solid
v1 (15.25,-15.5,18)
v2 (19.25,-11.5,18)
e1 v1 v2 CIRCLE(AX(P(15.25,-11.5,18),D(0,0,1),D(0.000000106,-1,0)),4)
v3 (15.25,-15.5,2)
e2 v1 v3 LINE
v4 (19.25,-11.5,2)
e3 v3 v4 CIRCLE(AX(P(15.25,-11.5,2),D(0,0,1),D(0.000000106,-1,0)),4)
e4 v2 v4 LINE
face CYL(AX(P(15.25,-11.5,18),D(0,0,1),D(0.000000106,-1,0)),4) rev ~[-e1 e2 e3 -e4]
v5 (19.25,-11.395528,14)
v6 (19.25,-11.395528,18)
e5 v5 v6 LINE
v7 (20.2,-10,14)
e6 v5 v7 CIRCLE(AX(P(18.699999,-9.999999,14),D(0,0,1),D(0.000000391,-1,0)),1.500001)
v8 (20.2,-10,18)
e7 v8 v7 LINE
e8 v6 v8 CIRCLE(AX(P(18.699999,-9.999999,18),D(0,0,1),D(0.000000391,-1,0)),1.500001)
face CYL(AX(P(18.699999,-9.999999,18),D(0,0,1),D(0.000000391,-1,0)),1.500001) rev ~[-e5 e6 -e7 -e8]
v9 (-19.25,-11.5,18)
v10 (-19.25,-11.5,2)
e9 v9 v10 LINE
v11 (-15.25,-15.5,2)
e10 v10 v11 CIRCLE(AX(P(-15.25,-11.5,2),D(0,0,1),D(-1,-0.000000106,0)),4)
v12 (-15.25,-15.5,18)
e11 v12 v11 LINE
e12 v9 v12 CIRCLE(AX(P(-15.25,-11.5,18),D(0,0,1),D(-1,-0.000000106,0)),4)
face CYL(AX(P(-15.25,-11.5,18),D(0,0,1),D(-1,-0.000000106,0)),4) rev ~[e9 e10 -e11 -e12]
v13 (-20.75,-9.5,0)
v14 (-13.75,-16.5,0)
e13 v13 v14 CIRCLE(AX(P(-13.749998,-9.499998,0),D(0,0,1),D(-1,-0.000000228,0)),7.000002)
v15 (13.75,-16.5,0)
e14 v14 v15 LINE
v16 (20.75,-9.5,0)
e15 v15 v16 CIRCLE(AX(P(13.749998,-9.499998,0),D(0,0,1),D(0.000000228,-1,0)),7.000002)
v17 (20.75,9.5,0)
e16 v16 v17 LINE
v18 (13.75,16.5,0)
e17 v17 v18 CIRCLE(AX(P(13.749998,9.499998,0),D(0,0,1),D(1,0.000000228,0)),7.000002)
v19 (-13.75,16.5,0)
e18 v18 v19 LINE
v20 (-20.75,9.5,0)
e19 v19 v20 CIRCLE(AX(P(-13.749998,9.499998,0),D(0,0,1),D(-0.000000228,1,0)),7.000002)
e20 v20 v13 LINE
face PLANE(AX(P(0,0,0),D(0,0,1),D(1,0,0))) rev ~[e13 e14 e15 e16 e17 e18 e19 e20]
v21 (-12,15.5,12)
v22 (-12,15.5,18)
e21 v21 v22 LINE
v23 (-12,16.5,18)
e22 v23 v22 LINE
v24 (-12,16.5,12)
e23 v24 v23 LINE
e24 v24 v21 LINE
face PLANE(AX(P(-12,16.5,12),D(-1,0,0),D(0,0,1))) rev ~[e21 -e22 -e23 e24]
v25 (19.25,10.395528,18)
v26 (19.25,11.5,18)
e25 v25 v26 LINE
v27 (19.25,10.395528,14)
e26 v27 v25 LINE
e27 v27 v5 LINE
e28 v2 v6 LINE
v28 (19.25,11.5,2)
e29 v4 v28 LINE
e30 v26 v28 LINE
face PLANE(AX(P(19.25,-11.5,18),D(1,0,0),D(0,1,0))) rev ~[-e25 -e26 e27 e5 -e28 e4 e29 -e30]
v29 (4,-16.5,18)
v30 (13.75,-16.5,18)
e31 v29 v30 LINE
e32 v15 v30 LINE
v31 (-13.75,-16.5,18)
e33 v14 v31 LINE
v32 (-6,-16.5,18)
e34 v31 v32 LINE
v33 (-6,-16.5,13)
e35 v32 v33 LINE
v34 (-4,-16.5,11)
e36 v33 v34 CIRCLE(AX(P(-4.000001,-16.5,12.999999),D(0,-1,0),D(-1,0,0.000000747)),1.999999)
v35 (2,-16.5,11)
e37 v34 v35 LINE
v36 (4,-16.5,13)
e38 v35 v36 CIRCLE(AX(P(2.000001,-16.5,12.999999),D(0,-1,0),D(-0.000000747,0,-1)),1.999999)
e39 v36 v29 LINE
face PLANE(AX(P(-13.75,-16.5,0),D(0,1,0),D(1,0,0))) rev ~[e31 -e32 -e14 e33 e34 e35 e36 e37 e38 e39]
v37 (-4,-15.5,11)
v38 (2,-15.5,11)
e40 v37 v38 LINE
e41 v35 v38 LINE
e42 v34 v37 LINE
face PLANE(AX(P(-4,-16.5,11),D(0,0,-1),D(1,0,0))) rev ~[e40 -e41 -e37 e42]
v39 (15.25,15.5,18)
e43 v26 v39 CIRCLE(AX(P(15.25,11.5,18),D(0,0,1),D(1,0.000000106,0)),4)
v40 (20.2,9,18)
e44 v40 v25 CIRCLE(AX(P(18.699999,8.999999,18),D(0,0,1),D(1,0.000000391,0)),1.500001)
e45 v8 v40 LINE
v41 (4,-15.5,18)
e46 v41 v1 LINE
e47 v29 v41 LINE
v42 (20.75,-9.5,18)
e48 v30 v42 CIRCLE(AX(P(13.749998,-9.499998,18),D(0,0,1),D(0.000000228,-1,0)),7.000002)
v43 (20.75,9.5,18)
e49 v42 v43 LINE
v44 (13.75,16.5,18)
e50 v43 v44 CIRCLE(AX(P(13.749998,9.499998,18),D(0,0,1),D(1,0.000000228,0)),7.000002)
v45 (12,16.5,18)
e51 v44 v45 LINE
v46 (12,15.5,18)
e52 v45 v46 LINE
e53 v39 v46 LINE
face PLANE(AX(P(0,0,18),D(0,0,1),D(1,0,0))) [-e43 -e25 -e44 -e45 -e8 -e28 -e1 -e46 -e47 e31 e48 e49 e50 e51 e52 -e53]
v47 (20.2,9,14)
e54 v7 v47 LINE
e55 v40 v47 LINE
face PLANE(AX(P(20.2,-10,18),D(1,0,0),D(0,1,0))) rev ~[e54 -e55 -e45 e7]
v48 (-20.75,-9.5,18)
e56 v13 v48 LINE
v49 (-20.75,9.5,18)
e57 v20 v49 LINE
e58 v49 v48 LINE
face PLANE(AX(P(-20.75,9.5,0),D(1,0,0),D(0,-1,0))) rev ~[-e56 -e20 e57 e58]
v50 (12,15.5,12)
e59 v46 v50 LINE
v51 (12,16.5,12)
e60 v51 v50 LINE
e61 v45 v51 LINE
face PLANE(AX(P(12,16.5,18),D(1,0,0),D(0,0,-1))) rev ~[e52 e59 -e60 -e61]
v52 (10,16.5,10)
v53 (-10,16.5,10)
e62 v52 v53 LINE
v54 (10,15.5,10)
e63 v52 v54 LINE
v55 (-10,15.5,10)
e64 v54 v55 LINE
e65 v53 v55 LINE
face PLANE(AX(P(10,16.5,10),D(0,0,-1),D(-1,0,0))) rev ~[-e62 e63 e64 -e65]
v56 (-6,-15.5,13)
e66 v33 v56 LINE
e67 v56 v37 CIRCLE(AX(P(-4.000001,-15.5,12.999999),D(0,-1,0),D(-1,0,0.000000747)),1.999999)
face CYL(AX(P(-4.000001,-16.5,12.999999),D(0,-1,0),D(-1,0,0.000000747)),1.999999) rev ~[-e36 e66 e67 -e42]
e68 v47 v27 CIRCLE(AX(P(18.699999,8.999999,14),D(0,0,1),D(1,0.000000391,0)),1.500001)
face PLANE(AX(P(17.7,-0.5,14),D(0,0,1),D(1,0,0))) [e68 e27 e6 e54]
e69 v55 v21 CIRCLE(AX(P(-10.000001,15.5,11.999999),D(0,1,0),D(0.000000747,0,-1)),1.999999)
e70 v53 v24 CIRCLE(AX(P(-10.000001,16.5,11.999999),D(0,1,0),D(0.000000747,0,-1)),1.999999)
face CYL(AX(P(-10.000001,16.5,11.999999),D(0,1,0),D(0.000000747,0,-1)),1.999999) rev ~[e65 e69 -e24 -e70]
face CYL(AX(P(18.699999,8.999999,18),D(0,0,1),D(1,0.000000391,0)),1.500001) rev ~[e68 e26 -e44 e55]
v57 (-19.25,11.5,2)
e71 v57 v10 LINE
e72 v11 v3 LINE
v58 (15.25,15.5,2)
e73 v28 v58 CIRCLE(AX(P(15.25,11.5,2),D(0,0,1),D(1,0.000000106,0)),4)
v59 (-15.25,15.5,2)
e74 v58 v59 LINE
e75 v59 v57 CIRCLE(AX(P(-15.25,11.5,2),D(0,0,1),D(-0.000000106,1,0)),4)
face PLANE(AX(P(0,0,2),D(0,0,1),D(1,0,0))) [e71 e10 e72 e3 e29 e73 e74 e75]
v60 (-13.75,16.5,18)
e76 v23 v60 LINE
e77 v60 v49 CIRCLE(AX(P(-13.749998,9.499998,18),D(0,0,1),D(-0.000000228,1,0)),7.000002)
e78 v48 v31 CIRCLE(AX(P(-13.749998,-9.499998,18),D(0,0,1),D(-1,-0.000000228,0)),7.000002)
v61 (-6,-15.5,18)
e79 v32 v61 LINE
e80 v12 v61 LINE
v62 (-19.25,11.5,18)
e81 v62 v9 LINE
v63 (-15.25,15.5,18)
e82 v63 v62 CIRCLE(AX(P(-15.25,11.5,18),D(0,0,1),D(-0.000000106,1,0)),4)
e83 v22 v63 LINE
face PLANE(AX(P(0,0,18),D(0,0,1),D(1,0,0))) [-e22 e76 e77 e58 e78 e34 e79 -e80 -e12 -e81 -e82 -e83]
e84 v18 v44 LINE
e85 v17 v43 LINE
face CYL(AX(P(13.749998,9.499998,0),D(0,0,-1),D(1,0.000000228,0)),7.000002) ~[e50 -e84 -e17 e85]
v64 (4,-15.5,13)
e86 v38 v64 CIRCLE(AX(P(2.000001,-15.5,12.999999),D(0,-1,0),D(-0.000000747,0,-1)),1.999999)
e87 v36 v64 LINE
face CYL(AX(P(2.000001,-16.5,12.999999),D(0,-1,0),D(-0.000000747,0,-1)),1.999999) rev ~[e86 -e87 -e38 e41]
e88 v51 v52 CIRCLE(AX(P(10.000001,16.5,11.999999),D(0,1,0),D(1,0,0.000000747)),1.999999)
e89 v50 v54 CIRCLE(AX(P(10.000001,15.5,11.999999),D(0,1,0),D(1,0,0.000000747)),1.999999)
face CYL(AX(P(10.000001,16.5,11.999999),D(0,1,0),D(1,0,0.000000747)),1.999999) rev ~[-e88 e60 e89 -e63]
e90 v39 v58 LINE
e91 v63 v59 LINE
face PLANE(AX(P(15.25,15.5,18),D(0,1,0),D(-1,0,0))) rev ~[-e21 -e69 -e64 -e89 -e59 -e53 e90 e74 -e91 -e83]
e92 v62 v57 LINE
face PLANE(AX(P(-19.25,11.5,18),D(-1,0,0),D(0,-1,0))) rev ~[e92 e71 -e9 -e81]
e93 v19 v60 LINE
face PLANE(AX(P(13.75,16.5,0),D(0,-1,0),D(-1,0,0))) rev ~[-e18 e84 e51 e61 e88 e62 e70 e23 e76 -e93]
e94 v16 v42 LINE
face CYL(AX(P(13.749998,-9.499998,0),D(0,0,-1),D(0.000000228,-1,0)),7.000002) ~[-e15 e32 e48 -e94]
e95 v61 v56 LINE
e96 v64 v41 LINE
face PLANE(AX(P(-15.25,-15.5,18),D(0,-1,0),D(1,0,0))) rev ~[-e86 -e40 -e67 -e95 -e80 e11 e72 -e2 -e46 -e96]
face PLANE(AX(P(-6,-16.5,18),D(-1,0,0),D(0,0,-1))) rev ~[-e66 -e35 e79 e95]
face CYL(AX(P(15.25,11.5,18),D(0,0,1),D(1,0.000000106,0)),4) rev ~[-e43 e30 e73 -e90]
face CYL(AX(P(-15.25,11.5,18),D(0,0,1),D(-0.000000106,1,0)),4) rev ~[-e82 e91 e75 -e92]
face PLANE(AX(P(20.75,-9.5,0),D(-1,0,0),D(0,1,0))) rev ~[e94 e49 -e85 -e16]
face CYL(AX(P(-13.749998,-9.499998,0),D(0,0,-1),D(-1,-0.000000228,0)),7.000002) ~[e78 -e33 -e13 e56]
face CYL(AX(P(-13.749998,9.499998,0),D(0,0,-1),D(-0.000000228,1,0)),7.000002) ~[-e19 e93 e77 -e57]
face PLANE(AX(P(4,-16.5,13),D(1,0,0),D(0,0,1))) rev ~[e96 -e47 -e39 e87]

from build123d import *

# Parameters (mm, degrees)
PAD_DEPTH       = 18
POCKET_DEPTH    = 16
POCKET001_DEPTH = 5
POCKET002_DEPTH = 5
POCKET003_DEPTH = 4


with BuildPart() as part:
    # Sketch → Pad (new body)
    with BuildSketch(Plane.XY):
        with BuildLine():
            Line((-13.75, -16.5), (13.75, -16.5))
            ThreePointArc((13.75, -16.5), (18.699747, -14.449747), (20.75, -9.5))
            Line((20.75, -9.5), (20.75, 9.5))
            ThreePointArc((20.75, 9.5), (18.699747, 14.449747), (13.75, 16.5))
            Line((13.75, 16.5), (-13.75, 16.5))
            ThreePointArc((-13.75, 16.5), (-18.699747, 14.449747), (-20.75, 9.5))
            Line((-20.75, 9.5), (-20.75, -9.5))
            ThreePointArc((-20.75, -9.5), (-18.699747, -14.449747), (-13.75, -16.5))
        make_face()
    extrude(amount=PAD_DEPTH)

    # Sketch001 (on Face10 of Pad) → Pocket (cut)
    with BuildSketch(Plane.XY.offset(18)):
        with BuildLine():
            Line((-19.25, 11.5), (-19.25, -11.5))
            ThreePointArc((-19.25, -11.5), (-18.078427, -14.328427), (-15.25, -15.5))
            Line((-15.25, -15.5), (15.25, -15.5))
            ThreePointArc((15.25, -15.5), (18.078427, -14.328427), (19.25, -11.5))
            Line((19.25, -11.5), (19.25, 11.5))
            ThreePointArc((19.25, 11.5), (18.078427, 14.328427), (15.25, 15.5))
            Line((15.25, 15.5), (-15.25, 15.5))
            ThreePointArc((-15.25, 15.5), (-18.078427, 14.328427), (-19.25, 11.5))
        make_face()
    extrude(amount=-POCKET_DEPTH, mode=Mode.SUBTRACT)

    # Sketch002 (on Face1 of Pocket) → Pocket001 (cut)
    with BuildSketch(Plane.XZ.offset(16.5)):
        with BuildLine():
            Line((-6, 18), (-6, 13))
            ThreePointArc((-6, 13), (-5.414214, 11.585786), (-4, 11))
            Line((-4, 11), (2, 11))
            ThreePointArc((2, 11), (3.414214, 11.585786), (4, 13))
            Line((4, 13), (4, 18))
            ThreePointArc((4, 18), (3.414214, 19.414214), (2, 20))
            Line((2, 20), (-4, 20))
            ThreePointArc((-4, 20), (-5.414214, 19.414214), (-6, 18))
        make_face()
    extrude(amount=-POCKET001_DEPTH, mode=Mode.SUBTRACT)

    # Sketch003 (on Face13 of Pocket001) → Pocket002 (cut)
    with BuildSketch(Plane(origin=(0, 16.5, 0), x_dir=(-1, 0, 0), z_dir=(0, 1, 0))):
        with BuildLine():
            Line((-12, 18), (-12, 12))
            ThreePointArc((-12, 12), (-11.414214, 10.585786), (-10, 10))
            Line((-10, 10), (10, 10))
            ThreePointArc((10, 10), (11.414214, 10.585786), (12, 12))
            Line((12, 12), (12, 18))
            ThreePointArc((12, 18), (11.414214, 19.414214), (10, 20))
            Line((10, 20), (-10, 20))
            ThreePointArc((-10, 20), (-11.414214, 19.414214), (-12, 18))
        make_face()
    extrude(amount=-POCKET002_DEPTH, mode=Mode.SUBTRACT)

    # Sketch004 (on Face4 of Pocket002) → Pocket003 (cut)
    with BuildSketch(Plane.XY.offset(18)):
        with BuildLine():
            Line((15.2, 9), (15.2, -10))
            ThreePointArc((15.2, -10), (15.63934, -11.06066), (16.7, -11.5))
            Line((16.7, -11.5), (18.7, -11.5))
            ThreePointArc((18.7, -11.5), (19.76066, -11.06066), (20.2, -10))
            Line((20.2, -10), (20.2, 9))
            ThreePointArc((20.2, 9), (19.76066, 10.06066), (18.7, 10.5))
            Line((18.7, 10.5), (16.7, 10.5))
            ThreePointArc((16.7, 10.5), (15.63934, 10.06066), (15.2, 9))
        make_face()
    extrude(amount=-POCKET003_DEPTH, mode=Mode.SUBTRACT)


solid = part.part
